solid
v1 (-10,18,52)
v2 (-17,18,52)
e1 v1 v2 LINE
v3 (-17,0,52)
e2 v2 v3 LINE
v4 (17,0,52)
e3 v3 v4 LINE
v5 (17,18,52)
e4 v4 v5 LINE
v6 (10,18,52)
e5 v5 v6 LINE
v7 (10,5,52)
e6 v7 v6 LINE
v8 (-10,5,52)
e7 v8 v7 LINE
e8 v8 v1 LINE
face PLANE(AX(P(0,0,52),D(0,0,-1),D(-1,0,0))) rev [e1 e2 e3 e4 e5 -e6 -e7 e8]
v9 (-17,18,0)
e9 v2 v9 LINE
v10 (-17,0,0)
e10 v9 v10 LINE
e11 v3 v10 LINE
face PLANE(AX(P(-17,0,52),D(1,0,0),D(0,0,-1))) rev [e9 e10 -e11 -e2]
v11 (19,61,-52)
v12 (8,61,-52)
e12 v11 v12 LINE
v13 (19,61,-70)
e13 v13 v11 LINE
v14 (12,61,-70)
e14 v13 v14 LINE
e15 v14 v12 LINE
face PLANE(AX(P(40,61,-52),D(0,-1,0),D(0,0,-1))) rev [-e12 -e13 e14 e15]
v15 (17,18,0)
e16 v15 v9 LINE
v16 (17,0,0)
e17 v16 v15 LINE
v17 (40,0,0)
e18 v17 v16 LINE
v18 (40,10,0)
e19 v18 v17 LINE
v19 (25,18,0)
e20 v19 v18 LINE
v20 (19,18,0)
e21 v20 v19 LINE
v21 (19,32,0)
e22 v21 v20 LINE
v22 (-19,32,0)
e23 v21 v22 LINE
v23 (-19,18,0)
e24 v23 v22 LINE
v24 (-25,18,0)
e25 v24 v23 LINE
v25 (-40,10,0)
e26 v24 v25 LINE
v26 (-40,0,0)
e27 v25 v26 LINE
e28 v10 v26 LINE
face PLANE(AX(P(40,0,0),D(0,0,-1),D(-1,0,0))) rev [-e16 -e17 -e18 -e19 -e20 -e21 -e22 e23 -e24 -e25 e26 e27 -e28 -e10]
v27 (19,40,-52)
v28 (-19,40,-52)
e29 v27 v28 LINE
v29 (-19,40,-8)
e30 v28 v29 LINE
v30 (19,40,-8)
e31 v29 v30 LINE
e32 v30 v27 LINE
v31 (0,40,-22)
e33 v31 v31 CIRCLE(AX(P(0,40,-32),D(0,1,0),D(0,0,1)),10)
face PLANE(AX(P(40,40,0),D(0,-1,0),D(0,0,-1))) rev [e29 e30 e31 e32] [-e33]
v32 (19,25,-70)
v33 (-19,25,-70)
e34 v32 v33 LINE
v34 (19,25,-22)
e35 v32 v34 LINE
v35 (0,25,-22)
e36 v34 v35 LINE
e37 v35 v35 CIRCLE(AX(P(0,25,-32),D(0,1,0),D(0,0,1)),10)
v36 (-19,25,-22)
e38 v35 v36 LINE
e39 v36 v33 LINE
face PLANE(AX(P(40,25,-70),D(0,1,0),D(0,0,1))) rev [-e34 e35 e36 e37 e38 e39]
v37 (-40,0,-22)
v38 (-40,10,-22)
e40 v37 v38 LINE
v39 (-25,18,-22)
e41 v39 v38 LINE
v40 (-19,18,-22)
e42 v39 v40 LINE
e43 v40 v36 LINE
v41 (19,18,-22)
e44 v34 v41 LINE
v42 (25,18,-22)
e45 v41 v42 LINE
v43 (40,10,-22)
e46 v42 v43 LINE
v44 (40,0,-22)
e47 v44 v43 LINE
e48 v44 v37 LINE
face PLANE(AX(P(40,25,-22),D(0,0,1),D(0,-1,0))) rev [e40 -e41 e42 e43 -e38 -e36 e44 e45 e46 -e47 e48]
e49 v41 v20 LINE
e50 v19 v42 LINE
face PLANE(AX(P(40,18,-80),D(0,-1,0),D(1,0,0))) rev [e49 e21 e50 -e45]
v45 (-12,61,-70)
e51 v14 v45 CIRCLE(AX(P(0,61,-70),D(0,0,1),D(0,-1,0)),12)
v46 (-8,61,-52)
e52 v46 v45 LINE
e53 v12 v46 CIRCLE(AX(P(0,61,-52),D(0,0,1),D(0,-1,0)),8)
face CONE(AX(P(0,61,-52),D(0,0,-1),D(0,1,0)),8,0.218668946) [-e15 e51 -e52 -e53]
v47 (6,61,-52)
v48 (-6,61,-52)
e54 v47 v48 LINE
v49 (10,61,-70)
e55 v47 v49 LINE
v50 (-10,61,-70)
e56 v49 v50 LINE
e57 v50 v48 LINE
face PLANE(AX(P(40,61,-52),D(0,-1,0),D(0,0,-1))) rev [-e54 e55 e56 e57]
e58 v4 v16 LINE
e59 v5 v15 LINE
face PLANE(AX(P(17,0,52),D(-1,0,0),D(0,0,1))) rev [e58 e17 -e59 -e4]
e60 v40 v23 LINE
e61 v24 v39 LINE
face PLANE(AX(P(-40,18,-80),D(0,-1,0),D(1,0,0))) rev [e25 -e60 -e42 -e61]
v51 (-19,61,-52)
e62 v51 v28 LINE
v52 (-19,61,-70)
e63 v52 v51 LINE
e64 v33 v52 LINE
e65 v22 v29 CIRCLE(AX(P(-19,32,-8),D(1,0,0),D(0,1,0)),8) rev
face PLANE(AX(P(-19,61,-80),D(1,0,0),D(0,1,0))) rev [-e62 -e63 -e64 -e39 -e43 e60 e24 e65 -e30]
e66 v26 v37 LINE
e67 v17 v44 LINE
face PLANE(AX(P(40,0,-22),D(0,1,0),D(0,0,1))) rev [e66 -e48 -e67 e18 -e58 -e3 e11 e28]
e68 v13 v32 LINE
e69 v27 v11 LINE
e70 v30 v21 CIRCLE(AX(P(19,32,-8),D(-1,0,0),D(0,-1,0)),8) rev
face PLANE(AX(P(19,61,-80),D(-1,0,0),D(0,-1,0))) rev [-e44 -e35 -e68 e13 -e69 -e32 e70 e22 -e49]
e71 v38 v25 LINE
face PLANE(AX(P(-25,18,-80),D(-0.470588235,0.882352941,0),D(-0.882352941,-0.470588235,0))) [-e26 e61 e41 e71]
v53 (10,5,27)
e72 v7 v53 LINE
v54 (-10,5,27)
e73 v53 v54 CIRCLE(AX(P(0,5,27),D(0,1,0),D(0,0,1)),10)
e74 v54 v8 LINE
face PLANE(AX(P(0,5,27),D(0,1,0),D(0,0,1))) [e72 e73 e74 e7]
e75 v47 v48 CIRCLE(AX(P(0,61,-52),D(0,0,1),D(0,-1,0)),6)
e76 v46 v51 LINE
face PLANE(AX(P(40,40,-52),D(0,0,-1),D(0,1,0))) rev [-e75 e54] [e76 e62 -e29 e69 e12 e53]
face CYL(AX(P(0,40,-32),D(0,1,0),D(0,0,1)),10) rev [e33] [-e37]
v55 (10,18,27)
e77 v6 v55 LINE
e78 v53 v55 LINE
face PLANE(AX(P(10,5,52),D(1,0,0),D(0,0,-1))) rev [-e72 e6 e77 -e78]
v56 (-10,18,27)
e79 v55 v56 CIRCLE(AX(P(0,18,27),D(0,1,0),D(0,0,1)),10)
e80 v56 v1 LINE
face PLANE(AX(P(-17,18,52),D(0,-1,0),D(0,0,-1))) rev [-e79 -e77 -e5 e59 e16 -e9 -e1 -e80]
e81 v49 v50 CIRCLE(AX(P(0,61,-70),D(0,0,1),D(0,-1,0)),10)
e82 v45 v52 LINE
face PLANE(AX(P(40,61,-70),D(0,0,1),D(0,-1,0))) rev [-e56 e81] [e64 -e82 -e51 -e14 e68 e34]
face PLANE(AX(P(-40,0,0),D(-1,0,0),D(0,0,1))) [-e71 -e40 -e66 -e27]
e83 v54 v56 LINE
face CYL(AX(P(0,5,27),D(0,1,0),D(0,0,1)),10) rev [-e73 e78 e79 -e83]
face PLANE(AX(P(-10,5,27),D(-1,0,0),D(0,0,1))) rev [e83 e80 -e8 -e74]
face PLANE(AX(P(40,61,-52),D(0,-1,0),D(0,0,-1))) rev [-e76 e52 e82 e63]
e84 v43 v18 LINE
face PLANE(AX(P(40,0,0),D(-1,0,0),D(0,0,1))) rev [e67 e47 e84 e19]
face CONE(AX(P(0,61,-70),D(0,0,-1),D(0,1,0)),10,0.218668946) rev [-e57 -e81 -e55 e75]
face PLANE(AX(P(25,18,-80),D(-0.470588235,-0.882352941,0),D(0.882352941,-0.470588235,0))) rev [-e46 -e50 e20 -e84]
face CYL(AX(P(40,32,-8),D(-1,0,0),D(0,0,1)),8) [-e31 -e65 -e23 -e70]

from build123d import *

# Parameters (mm, degrees)
BOSS_EXTRUDE1_DEPTH = 40
SKETCH2_W           = 21
SKETCH2_H           = 43
CUT_EXTRUDE1_DEPTH  = 80
CUT_EXTRUDE2_DEPTH  = 80
SKETCH4_W           = 34
SKETCH4_H           = 18
BOSS_EXTRUDE3_DEPTH = 52
CUT_EXTRUDE3_DEPTH  = 13
HOLE1_D             = 20
FILLET1_R           = 8


with BuildPart() as part:
    # Sketch1 → Boss-Extrude1 (new, symmetric)
    with BuildSketch(Plane(origin=(0, 0, 0), x_dir=(0, 0, -1), z_dir=(1, 0, 0))):
        Polygon((0, 0), (0, 40), (52, 40), (52, 61), (70, 61), (70, 25), (22, 25), (22, 0), align=None)
    extrude(amount=BOSS_EXTRUDE1_DEPTH, both=True)

    # Sketch2 → Cut-Extrude1 (cut)
    with BuildSketch(Plane.XY):
        with Locations((-29.5, 39.5)):
            Rectangle(SKETCH2_W, SKETCH2_H)
        with Locations((29.5, 39.5)):
            Rectangle(SKETCH2_W, SKETCH2_H)
    extrude(amount=-CUT_EXTRUDE1_DEPTH, mode=Mode.SUBTRACT)

    # Sketch3 → Cut-Extrude2 (cut)
    with BuildSketch(Plane.XY):
        Polygon((25, 18), (40, 10), (40, 18), align=None)
    cut_extrude2 = extrude(amount=-CUT_EXTRUDE2_DEPTH, mode=Mode.SUBTRACT)

    # Mirror1: Cut-Extrude2 across plane
    add(cut_extrude2.mirror(Plane(origin=(0, 0, 0), x_dir=(0, 0, 1), z_dir=(1, 0, 0))), mode=Mode.SUBTRACT)

    # Sketch4 → Boss-Extrude3 (add)
    with BuildSketch(Plane.XY):
        with Locations((0, 9)):
            Rectangle(SKETCH4_W, SKETCH4_H)
    extrude(amount=BOSS_EXTRUDE3_DEPTH)

    # Sketch5 → Cut-Extrude3 (cut)
    with BuildSketch(Plane(origin=(0, 18, 0), x_dir=(1, 0, 0), z_dir=(0, 1, 0))):
        with BuildLine():
            Line((-10, -27), (-10, -52))
            Line((-10, -52), (10, -52))
            Line((10, -52), (10, -27))
            ThreePointArc((10, -27), (0, -17), (-10, -27))
        make_face()
    extrude(amount=-CUT_EXTRUDE3_DEPTH, mode=Mode.SUBTRACT)

    # Sketch6 → Revolve1 (revolve)
    with BuildSketch(Plane(origin=(0, 61, 0), x_dir=(1, 0, 0), z_dir=(0, 1, 0))):
        Polygon((6, 52), (10, 70), (12, 70), (8, 52), align=None)
    revolve(axis=Axis((0, 61, 0), (0, 0, -1)))

    # Hole1 (through all)
    with Locations(Plane(origin=(0, 40, 0), x_dir=(1, 0, 0), z_dir=(0, 1, 0))):
        with Locations((0, 32)):
            Hole(HOLE1_D / 2)

    # Fillet1
    fillet1_edges = [part.edges().sort_by_distance(p)[0] for p in [
        (0, 40, 0),
    ]]
    fillet(fillet1_edges, radius=FILLET1_R)


solid = part.part
